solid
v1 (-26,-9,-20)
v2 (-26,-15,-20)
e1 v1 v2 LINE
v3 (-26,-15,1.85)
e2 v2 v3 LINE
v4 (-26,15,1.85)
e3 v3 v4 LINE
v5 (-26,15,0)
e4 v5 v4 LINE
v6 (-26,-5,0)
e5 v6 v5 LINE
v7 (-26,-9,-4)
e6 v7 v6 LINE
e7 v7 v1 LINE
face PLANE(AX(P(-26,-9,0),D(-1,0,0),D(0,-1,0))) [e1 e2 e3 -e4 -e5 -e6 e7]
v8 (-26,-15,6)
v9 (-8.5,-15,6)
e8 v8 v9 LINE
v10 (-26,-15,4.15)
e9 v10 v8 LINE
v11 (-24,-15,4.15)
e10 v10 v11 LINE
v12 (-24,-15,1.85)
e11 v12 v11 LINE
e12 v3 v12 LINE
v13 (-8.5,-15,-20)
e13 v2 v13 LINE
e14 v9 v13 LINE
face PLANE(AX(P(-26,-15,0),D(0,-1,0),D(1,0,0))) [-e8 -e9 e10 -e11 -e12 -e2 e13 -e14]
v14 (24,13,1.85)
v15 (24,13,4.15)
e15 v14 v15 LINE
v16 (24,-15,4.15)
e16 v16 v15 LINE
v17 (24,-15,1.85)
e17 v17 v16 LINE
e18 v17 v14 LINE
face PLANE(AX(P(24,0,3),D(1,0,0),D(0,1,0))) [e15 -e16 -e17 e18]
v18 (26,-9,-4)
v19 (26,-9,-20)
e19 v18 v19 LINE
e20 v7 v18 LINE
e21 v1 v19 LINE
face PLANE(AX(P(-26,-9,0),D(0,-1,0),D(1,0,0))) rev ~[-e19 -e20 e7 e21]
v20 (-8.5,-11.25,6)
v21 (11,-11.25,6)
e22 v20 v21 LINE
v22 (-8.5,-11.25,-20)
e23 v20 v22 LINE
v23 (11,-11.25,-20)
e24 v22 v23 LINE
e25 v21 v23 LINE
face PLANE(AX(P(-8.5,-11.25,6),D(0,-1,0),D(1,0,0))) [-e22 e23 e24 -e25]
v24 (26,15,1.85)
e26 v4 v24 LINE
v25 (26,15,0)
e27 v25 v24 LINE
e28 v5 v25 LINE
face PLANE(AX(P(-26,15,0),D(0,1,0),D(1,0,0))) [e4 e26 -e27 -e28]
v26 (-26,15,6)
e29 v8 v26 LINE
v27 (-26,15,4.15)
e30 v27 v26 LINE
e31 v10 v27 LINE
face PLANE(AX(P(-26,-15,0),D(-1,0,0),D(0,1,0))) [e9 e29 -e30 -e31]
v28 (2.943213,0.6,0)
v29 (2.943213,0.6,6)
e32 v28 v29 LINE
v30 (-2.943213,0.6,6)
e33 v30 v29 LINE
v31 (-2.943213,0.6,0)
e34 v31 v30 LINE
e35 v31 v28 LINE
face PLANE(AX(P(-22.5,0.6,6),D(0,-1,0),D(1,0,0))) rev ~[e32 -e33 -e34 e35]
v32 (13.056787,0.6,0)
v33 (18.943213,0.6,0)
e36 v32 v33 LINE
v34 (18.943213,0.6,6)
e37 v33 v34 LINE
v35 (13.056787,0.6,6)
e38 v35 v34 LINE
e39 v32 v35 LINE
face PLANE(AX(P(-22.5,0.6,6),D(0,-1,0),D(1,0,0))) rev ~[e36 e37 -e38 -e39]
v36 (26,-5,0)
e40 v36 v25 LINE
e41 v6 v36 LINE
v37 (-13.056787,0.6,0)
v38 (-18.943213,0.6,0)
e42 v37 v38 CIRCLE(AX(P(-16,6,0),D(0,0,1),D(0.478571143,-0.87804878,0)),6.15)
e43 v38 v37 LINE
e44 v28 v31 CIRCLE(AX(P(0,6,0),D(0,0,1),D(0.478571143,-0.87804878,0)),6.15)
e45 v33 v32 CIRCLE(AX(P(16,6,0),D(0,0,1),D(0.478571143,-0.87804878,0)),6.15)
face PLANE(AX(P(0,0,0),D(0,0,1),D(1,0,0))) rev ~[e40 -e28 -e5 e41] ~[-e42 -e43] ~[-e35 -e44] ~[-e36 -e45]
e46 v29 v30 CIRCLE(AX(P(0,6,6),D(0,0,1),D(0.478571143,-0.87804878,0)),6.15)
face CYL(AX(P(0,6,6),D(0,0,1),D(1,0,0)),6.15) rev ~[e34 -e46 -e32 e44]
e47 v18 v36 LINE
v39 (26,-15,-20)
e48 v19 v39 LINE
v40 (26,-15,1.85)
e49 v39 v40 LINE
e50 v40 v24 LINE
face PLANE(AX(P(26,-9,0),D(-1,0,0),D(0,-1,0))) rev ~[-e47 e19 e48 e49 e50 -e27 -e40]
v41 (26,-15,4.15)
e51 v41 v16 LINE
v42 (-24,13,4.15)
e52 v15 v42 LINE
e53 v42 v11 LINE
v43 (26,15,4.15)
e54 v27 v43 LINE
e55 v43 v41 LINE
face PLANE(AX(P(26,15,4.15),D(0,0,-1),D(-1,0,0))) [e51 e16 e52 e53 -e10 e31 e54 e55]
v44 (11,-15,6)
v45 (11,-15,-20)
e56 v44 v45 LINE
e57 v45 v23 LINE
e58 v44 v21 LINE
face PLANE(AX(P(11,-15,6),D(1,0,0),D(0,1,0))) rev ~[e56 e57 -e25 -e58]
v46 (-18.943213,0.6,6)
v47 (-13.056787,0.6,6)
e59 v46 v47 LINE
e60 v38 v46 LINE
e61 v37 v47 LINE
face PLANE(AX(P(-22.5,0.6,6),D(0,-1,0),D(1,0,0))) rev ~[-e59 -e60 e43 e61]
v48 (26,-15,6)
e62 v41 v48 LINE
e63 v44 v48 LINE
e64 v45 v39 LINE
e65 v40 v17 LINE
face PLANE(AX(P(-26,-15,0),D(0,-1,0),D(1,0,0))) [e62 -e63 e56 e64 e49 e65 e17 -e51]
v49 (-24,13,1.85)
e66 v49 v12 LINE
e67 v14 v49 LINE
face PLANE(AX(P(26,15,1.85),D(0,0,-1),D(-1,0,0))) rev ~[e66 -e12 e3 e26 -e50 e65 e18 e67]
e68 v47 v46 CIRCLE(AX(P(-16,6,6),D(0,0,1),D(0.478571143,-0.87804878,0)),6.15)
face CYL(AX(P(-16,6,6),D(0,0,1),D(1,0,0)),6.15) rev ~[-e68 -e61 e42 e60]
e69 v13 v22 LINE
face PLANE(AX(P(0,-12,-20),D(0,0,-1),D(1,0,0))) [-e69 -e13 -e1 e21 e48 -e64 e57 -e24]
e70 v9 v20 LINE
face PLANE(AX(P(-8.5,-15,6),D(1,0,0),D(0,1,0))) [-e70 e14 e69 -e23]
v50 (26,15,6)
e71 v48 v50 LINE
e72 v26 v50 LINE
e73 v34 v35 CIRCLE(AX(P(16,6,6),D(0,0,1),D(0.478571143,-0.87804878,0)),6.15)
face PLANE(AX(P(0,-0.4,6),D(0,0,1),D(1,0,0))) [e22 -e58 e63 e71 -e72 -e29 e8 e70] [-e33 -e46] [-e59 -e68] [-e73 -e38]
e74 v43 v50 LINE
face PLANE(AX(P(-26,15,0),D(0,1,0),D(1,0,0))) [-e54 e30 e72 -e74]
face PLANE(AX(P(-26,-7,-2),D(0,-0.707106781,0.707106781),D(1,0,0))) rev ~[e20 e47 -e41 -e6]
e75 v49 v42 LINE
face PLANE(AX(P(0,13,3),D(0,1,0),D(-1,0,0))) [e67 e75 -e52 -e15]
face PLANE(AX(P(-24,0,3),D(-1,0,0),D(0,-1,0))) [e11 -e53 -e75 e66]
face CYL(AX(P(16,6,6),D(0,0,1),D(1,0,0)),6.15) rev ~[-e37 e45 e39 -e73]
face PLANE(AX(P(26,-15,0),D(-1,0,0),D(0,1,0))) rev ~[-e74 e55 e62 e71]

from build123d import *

# Parameters (mm, degrees)
SKETCH_W        = 52
SKETCH_H        = 30
PAD_DEPTH       = 6
SKETCH001_R     = 6.15
POCKET_DEPTH    = 6
SKETCH002_W     = 30
SKETCH002_H     = 2.3
POCKET001_DEPTH = 2
SKETCH003_W     = 52
SKETCH003_H     = 2.3
POCKET002_DEPTH = 2
SKETCH004_W     = 30
SKETCH004_H     = 2.3
POCKET003_DEPTH = 2
SKETCH005_W     = 52
SKETCH005_H     = 6
PAD001_DEPTH    = 20
SKETCH006_W     = 19.5
SKETCH006_H     = 3.75
POCKET004_DEPTH = 26
CHAMFER_SIZE    = 4
SKETCH007_W     = 45
SKETCH007_H     = 2
PAD002_DEPTH    = 6


with BuildPart() as part:
    # Sketch → Pad (new body)
    with BuildSketch(Plane.XY):
        Rectangle(SKETCH_W, SKETCH_H)
    extrude(amount=PAD_DEPTH)

    # Sketch001 (on Face6 of Pad) → Pocket (cut)
    with BuildSketch(Plane.XY.offset(6)):
        with Locations((-16, 6)):
            Circle(SKETCH001_R)
        with Locations((0, 6)):
            Circle(SKETCH001_R)
        with Locations((16, 6)):
            Circle(SKETCH001_R)
    extrude(amount=-POCKET_DEPTH, mode=Mode.SUBTRACT)

    # Sketch002 (on Face3 of Pocket) → Pocket001 (cut)
    with BuildSketch(Plane.YZ.offset(26)):
        with Locations((0, 3)):
            Rectangle(SKETCH002_W, SKETCH002_H)
    extrude(amount=-POCKET001_DEPTH, mode=Mode.SUBTRACT)

    # Sketch003 (on Face1 of Pocket001) → Pocket002 (cut)
    with BuildSketch(Plane(origin=(0, 15, 0), x_dir=(-1, 0, 0), z_dir=(0, 1, 0))):
        with Locations((0, 3)):
            Rectangle(SKETCH003_W, SKETCH003_H)
    extrude(amount=-POCKET002_DEPTH, mode=Mode.SUBTRACT)

    # Sketch004 (on Face6 of Pocket002) → Pocket003 (cut)
    with BuildSketch(Plane(origin=(-26, 0, 0), x_dir=(0, -1, 0), z_dir=(-1, 0, 0))):
        with Locations((0, 3)):
            Rectangle(SKETCH004_W, SKETCH004_H)
    extrude(amount=-POCKET003_DEPTH, mode=Mode.SUBTRACT)

    # Sketch005 (on Face2 of Pocket003) → Pad001 (join)
    with BuildSketch(Plane(origin=(0, 0, 0), x_dir=(1, 0, 0), z_dir=(0, 0, -1))):
        with Locations((0, 12)):
            Rectangle(SKETCH005_W, SKETCH005_H)
    extrude(amount=PAD001_DEPTH)

    # Sketch006 (on Face19 of Pad001) → Pocket004 (cut)
    with BuildSketch(Plane.XY.offset(6)):
        with Locations((1.25, -13.125)):
            Rectangle(SKETCH006_W, SKETCH006_H)
    extrude(amount=-POCKET004_DEPTH, mode=Mode.SUBTRACT)

    # Chamfer
    chamfer_edges = [part.edges().sort_by_distance(p)[0] for p in [
        (0, -9, 0),
    ]]
    chamfer(chamfer_edges, length=CHAMFER_SIZE)

    # Sketch007 (on Face19 of Chamfer) → Pad002 (join)
    with BuildSketch(Plane.XY.offset(6)):
        with Locations((0, -0.4)):
            Rectangle(SKETCH007_W, SKETCH007_H)
    extrude(amount=-PAD002_DEPTH)


solid = part.part
